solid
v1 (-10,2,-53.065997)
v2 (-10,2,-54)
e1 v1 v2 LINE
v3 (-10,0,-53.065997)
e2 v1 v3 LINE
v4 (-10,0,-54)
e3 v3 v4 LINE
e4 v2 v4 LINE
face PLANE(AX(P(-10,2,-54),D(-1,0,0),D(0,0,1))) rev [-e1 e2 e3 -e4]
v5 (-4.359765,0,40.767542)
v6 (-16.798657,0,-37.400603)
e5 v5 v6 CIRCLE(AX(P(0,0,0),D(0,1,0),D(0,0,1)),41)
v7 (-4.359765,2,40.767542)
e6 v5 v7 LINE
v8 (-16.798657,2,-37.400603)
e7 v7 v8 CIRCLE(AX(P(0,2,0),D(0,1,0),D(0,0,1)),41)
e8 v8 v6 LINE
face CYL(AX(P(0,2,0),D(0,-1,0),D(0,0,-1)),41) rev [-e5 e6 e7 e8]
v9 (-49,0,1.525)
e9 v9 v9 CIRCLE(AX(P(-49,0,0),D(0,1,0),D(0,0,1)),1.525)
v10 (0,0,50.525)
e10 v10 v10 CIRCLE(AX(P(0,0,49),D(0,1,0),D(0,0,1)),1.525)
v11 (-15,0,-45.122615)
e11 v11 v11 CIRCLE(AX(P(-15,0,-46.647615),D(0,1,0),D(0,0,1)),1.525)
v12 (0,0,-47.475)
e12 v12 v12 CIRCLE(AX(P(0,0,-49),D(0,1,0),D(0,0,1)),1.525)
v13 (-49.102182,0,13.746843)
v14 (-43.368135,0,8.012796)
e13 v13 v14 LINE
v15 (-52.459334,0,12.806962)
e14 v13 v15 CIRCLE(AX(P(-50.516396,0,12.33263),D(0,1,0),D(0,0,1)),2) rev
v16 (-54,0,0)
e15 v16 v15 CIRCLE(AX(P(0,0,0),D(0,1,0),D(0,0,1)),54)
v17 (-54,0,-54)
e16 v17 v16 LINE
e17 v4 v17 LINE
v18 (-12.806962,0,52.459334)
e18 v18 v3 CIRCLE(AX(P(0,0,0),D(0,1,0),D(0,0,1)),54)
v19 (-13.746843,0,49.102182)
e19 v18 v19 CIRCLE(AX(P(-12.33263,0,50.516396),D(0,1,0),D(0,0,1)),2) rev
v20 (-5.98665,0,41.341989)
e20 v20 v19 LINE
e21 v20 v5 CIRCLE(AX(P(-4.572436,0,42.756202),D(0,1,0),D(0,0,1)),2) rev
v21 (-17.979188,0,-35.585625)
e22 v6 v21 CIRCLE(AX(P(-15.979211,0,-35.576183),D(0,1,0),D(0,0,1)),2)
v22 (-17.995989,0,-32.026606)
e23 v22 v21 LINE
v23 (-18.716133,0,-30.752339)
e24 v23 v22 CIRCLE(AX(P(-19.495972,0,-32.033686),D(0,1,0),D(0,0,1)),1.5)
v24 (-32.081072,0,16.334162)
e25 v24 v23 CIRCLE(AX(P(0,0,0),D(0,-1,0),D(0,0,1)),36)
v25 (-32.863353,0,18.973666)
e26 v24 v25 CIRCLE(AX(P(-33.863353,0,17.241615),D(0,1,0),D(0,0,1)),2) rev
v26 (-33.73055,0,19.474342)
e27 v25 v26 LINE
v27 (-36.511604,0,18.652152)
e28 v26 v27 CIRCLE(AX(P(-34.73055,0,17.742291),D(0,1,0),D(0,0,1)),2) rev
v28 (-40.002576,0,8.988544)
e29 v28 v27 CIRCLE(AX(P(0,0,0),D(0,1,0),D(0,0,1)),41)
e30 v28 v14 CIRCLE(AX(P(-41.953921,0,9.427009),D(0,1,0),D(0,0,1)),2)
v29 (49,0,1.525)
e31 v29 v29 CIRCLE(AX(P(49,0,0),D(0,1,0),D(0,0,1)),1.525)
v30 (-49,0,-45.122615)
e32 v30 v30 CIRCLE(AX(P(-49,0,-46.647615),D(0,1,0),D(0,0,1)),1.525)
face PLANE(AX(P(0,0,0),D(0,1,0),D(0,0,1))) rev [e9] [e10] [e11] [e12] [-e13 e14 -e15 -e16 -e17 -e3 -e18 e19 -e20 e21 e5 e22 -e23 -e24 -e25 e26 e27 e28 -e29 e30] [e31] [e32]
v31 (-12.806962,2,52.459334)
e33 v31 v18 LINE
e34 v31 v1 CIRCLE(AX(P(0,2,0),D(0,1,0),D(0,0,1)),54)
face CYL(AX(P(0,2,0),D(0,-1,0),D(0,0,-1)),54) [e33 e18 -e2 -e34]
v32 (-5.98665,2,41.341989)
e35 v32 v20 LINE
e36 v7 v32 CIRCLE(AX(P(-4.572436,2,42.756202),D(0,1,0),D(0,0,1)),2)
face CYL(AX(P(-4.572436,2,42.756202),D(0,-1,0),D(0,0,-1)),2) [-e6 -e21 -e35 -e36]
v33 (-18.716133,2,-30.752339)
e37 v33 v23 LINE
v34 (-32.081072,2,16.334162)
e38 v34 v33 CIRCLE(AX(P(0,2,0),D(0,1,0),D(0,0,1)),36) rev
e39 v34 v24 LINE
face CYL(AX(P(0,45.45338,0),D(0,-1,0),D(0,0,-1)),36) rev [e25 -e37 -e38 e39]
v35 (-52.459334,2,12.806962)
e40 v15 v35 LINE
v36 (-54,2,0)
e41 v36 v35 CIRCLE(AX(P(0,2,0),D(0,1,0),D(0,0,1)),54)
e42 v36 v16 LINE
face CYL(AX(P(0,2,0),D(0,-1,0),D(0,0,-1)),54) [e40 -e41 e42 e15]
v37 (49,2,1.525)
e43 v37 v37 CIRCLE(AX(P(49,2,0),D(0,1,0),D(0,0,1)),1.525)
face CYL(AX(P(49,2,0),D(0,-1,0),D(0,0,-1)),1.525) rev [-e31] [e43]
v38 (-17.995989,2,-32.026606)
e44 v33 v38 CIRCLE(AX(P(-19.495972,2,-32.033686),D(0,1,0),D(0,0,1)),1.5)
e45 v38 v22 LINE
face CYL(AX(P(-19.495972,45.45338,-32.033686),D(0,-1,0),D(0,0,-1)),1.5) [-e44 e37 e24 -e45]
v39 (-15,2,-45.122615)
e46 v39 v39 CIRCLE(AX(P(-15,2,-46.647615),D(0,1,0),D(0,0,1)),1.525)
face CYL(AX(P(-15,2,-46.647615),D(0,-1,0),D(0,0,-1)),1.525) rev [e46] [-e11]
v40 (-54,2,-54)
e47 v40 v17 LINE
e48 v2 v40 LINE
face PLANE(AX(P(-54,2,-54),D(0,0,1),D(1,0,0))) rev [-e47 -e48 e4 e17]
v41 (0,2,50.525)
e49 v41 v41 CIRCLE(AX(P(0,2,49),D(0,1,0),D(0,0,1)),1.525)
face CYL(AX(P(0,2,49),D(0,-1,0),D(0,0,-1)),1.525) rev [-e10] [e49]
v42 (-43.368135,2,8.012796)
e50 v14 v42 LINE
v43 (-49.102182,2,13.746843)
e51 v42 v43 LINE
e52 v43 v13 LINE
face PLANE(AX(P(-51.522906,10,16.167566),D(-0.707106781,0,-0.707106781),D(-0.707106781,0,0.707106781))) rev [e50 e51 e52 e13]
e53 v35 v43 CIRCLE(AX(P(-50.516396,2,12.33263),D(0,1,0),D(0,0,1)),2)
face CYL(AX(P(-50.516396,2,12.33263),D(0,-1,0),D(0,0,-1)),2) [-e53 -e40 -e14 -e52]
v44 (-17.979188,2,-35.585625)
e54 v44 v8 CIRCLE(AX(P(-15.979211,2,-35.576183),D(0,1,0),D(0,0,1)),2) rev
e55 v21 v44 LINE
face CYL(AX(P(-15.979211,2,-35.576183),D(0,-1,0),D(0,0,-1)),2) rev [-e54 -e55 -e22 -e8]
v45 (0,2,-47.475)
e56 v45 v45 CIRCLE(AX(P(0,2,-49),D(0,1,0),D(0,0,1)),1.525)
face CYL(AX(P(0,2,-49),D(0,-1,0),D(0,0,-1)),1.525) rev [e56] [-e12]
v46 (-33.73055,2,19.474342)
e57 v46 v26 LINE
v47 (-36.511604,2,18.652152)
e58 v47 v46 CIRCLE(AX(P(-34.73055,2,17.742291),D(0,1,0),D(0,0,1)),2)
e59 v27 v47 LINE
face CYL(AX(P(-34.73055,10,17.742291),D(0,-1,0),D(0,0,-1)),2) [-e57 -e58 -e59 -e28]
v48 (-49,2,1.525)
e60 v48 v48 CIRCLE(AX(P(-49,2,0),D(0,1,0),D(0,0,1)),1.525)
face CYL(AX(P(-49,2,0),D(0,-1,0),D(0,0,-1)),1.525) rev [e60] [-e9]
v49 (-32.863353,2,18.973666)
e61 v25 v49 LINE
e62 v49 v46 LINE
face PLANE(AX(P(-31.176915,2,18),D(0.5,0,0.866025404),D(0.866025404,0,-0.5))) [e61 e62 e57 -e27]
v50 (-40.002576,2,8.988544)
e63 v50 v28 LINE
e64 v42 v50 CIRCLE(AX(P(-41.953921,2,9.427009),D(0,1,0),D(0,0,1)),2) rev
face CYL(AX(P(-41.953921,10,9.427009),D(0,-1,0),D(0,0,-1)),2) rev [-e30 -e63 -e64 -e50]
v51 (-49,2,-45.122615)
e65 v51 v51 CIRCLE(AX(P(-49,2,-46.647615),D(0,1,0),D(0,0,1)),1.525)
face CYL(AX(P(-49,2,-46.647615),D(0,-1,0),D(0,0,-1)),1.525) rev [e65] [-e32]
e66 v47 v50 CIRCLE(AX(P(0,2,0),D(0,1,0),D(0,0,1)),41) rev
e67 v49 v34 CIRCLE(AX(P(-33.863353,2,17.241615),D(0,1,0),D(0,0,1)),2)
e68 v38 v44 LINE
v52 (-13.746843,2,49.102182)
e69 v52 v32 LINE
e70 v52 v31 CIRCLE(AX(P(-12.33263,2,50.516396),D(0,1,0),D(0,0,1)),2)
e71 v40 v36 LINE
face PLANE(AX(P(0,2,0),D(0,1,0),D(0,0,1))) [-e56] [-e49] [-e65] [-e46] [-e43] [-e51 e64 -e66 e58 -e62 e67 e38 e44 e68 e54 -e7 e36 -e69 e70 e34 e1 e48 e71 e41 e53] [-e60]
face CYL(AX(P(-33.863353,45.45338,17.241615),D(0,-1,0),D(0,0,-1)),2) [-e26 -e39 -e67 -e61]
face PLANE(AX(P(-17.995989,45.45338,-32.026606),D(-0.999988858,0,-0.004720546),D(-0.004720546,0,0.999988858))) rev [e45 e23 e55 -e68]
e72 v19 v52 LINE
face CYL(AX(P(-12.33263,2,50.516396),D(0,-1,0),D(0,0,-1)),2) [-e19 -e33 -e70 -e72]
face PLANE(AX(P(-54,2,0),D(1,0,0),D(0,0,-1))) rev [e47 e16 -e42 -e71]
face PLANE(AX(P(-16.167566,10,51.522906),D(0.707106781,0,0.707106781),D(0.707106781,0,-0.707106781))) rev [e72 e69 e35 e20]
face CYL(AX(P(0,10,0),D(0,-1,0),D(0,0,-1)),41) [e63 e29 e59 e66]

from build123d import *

# Parameters (mm, degrees)
SKETCH_1_R          = 41
SKETCH_1_R_2        = 1.525
EXTRUDE_1_DEPTH     = 2
EXTRUDE_3_DEPTH     = 2
FILLET_1_R          = 2
EXTRUDE_5_DEPTH     = 2
CUT_EXTRUDE_1_DEPTH = 10
FILLET_3_R          = 2


with BuildPart() as part:
    # 草图1 → 凸台-拉伸1 (new body)
    with BuildSketch(Plane(origin=(0, 0, 0), x_dir=(1, 0, 0), z_dir=(0, 1, 0))):
        with BuildLine():
            Line((-54, 0), (-54, 54))
            Line((-54, 54), (-10, 54))
            Line((-10, 54), (-10, 53.065996646))
            ThreePointArc((-10, 53.065996646), (41.569219382, -34.467375879), (-54, 0))
        make_face()
        with Locations(Location((0, 0, 0), (0, 0, 270))):
            Circle(SKETCH_1_R, mode=Mode.SUBTRACT)
        with Locations(Location((-15, 46.647615159, 0), (0, 0, 270))):
            Circle(SKETCH_1_R_2, mode=Mode.SUBTRACT)
        with Locations(Location((0, 49, 0), (0, 0, 270))):
            Circle(SKETCH_1_R_2, mode=Mode.SUBTRACT)
        with Locations(Location((49, 0, 0), (0, 0, 270))):
            Circle(SKETCH_1_R_2, mode=Mode.SUBTRACT)
        with Locations(Location((0, -49, 0), (0, 0, 270))):
            Circle(SKETCH_1_R_2, mode=Mode.SUBTRACT)
        with Locations(Location((-49, 0, 0), (0, 0, 270))):
            Circle(SKETCH_1_R_2, mode=Mode.SUBTRACT)
        with Locations(Location((-49, 46.647615159, 0), (0, 0, 270))):
            Circle(SKETCH_1_R_2, mode=Mode.SUBTRACT)
    extrude(amount=EXTRUDE_1_DEPTH)

    # 草图2 → 凸台-拉伸3 (add)
    with BuildSketch(Plane(origin=(0, 0, 0), x_dir=(1, 0, 0), z_dir=(0, 1, 0))):
        with BuildLine():
            Line((-41, 0), (-37.46998799, 0))
            ThreePointArc((-37.46998799, 0), (-36.430757506, 0.418334617), (-35.971188471, 1.44))
            ThreePointArc((-35.971188471, 1.44), (-31.023847214, 18.262554696), (-18.716133348, 30.752338976))
            ThreePointArc((-18.716133348, 30.752338976), (-18.190087037, 31.295672989), (-17.99598895, 32.026605615))
            Line((-17.99598895, 32.026605615), (-17.973217018, 36.850555898))
            ThreePointArc((-17.973217018, 36.850555898), (-34.769971942, 21.726689834), (-41, 0))
        make_face()
    extrude(amount=EXTRUDE_3_DEPTH)

    # 圆角1
    fillet_1_edges = [part.edges().sort_by_distance(p)[0] for p in [
        (-17.973217018, 1, -36.850555898),
        (-41, 1, 0),
    ]]
    fillet(fillet_1_edges, radius=FILLET_1_R)

    # 草图4 → 凸台-拉伸5 (add)
    with BuildSketch(Plane.XZ):
        with BuildLine():
            Line((-38.948684188, 0), (-37.46998799, 0))
            ThreePointArc((-37.46998799, 0), (-36.430757506, -0.418334617), (-35.971188471, -1.44))
            ThreePointArc((-35.971188471, -1.44), (-34.952758609, 8.620015408), (-31.176914536, 18))
            Line((-31.176914536, 18), (-35.507041555, 20.5))
            ThreePointArc((-35.507041555, 20.5), (-39.317748075, 11.623884304), (-40.946052608, 2.102564103))
            ThreePointArc((-40.946052608, 2.102564103), (-40.398706292, 0.622525537), (-38.948684188, 0))
        make_face()
    extrude(amount=-EXTRUDE_5_DEPTH)

    # 草图5 → 切除-拉伸1 (cut)
    with BuildSketch(Plane.XZ):
        with BuildLine():
            Line((-16.167566472, 51.522905531), (-5.300581056, 40.655920116))
            ThreePointArc((-5.300581056, 40.655920116), (-28.991378029, 28.991378029), (-40.655920116, 5.300581056))
            Line((-40.655920116, 5.300581056), (-51.522905531, 16.167566472))
            ThreePointArc((-51.522905531, 16.167566472), (-38.183766184, 38.183766184), (-16.167566472, 51.522905531))
        make_face()
    extrude(amount=-CUT_EXTRUDE_1_DEPTH, mode=Mode.SUBTRACT)

    # 圆角3
    fillet_3_edges = [part.edges().sort_by_distance(p)[0] for p in [
        (-5.300581056, 1, 40.655920116),
        (-40.655920116, 1, 5.300581056),
        (-35.507041555, 1, 20.5),
        (-31.176914536, 1, 18),
        (-51.522905531, 1, 16.167566472),
        (-16.167566472, 1, 51.522905531),
    ]]
    fillet(fillet_3_edges, radius=FILLET_3_R)


solid = part.part
